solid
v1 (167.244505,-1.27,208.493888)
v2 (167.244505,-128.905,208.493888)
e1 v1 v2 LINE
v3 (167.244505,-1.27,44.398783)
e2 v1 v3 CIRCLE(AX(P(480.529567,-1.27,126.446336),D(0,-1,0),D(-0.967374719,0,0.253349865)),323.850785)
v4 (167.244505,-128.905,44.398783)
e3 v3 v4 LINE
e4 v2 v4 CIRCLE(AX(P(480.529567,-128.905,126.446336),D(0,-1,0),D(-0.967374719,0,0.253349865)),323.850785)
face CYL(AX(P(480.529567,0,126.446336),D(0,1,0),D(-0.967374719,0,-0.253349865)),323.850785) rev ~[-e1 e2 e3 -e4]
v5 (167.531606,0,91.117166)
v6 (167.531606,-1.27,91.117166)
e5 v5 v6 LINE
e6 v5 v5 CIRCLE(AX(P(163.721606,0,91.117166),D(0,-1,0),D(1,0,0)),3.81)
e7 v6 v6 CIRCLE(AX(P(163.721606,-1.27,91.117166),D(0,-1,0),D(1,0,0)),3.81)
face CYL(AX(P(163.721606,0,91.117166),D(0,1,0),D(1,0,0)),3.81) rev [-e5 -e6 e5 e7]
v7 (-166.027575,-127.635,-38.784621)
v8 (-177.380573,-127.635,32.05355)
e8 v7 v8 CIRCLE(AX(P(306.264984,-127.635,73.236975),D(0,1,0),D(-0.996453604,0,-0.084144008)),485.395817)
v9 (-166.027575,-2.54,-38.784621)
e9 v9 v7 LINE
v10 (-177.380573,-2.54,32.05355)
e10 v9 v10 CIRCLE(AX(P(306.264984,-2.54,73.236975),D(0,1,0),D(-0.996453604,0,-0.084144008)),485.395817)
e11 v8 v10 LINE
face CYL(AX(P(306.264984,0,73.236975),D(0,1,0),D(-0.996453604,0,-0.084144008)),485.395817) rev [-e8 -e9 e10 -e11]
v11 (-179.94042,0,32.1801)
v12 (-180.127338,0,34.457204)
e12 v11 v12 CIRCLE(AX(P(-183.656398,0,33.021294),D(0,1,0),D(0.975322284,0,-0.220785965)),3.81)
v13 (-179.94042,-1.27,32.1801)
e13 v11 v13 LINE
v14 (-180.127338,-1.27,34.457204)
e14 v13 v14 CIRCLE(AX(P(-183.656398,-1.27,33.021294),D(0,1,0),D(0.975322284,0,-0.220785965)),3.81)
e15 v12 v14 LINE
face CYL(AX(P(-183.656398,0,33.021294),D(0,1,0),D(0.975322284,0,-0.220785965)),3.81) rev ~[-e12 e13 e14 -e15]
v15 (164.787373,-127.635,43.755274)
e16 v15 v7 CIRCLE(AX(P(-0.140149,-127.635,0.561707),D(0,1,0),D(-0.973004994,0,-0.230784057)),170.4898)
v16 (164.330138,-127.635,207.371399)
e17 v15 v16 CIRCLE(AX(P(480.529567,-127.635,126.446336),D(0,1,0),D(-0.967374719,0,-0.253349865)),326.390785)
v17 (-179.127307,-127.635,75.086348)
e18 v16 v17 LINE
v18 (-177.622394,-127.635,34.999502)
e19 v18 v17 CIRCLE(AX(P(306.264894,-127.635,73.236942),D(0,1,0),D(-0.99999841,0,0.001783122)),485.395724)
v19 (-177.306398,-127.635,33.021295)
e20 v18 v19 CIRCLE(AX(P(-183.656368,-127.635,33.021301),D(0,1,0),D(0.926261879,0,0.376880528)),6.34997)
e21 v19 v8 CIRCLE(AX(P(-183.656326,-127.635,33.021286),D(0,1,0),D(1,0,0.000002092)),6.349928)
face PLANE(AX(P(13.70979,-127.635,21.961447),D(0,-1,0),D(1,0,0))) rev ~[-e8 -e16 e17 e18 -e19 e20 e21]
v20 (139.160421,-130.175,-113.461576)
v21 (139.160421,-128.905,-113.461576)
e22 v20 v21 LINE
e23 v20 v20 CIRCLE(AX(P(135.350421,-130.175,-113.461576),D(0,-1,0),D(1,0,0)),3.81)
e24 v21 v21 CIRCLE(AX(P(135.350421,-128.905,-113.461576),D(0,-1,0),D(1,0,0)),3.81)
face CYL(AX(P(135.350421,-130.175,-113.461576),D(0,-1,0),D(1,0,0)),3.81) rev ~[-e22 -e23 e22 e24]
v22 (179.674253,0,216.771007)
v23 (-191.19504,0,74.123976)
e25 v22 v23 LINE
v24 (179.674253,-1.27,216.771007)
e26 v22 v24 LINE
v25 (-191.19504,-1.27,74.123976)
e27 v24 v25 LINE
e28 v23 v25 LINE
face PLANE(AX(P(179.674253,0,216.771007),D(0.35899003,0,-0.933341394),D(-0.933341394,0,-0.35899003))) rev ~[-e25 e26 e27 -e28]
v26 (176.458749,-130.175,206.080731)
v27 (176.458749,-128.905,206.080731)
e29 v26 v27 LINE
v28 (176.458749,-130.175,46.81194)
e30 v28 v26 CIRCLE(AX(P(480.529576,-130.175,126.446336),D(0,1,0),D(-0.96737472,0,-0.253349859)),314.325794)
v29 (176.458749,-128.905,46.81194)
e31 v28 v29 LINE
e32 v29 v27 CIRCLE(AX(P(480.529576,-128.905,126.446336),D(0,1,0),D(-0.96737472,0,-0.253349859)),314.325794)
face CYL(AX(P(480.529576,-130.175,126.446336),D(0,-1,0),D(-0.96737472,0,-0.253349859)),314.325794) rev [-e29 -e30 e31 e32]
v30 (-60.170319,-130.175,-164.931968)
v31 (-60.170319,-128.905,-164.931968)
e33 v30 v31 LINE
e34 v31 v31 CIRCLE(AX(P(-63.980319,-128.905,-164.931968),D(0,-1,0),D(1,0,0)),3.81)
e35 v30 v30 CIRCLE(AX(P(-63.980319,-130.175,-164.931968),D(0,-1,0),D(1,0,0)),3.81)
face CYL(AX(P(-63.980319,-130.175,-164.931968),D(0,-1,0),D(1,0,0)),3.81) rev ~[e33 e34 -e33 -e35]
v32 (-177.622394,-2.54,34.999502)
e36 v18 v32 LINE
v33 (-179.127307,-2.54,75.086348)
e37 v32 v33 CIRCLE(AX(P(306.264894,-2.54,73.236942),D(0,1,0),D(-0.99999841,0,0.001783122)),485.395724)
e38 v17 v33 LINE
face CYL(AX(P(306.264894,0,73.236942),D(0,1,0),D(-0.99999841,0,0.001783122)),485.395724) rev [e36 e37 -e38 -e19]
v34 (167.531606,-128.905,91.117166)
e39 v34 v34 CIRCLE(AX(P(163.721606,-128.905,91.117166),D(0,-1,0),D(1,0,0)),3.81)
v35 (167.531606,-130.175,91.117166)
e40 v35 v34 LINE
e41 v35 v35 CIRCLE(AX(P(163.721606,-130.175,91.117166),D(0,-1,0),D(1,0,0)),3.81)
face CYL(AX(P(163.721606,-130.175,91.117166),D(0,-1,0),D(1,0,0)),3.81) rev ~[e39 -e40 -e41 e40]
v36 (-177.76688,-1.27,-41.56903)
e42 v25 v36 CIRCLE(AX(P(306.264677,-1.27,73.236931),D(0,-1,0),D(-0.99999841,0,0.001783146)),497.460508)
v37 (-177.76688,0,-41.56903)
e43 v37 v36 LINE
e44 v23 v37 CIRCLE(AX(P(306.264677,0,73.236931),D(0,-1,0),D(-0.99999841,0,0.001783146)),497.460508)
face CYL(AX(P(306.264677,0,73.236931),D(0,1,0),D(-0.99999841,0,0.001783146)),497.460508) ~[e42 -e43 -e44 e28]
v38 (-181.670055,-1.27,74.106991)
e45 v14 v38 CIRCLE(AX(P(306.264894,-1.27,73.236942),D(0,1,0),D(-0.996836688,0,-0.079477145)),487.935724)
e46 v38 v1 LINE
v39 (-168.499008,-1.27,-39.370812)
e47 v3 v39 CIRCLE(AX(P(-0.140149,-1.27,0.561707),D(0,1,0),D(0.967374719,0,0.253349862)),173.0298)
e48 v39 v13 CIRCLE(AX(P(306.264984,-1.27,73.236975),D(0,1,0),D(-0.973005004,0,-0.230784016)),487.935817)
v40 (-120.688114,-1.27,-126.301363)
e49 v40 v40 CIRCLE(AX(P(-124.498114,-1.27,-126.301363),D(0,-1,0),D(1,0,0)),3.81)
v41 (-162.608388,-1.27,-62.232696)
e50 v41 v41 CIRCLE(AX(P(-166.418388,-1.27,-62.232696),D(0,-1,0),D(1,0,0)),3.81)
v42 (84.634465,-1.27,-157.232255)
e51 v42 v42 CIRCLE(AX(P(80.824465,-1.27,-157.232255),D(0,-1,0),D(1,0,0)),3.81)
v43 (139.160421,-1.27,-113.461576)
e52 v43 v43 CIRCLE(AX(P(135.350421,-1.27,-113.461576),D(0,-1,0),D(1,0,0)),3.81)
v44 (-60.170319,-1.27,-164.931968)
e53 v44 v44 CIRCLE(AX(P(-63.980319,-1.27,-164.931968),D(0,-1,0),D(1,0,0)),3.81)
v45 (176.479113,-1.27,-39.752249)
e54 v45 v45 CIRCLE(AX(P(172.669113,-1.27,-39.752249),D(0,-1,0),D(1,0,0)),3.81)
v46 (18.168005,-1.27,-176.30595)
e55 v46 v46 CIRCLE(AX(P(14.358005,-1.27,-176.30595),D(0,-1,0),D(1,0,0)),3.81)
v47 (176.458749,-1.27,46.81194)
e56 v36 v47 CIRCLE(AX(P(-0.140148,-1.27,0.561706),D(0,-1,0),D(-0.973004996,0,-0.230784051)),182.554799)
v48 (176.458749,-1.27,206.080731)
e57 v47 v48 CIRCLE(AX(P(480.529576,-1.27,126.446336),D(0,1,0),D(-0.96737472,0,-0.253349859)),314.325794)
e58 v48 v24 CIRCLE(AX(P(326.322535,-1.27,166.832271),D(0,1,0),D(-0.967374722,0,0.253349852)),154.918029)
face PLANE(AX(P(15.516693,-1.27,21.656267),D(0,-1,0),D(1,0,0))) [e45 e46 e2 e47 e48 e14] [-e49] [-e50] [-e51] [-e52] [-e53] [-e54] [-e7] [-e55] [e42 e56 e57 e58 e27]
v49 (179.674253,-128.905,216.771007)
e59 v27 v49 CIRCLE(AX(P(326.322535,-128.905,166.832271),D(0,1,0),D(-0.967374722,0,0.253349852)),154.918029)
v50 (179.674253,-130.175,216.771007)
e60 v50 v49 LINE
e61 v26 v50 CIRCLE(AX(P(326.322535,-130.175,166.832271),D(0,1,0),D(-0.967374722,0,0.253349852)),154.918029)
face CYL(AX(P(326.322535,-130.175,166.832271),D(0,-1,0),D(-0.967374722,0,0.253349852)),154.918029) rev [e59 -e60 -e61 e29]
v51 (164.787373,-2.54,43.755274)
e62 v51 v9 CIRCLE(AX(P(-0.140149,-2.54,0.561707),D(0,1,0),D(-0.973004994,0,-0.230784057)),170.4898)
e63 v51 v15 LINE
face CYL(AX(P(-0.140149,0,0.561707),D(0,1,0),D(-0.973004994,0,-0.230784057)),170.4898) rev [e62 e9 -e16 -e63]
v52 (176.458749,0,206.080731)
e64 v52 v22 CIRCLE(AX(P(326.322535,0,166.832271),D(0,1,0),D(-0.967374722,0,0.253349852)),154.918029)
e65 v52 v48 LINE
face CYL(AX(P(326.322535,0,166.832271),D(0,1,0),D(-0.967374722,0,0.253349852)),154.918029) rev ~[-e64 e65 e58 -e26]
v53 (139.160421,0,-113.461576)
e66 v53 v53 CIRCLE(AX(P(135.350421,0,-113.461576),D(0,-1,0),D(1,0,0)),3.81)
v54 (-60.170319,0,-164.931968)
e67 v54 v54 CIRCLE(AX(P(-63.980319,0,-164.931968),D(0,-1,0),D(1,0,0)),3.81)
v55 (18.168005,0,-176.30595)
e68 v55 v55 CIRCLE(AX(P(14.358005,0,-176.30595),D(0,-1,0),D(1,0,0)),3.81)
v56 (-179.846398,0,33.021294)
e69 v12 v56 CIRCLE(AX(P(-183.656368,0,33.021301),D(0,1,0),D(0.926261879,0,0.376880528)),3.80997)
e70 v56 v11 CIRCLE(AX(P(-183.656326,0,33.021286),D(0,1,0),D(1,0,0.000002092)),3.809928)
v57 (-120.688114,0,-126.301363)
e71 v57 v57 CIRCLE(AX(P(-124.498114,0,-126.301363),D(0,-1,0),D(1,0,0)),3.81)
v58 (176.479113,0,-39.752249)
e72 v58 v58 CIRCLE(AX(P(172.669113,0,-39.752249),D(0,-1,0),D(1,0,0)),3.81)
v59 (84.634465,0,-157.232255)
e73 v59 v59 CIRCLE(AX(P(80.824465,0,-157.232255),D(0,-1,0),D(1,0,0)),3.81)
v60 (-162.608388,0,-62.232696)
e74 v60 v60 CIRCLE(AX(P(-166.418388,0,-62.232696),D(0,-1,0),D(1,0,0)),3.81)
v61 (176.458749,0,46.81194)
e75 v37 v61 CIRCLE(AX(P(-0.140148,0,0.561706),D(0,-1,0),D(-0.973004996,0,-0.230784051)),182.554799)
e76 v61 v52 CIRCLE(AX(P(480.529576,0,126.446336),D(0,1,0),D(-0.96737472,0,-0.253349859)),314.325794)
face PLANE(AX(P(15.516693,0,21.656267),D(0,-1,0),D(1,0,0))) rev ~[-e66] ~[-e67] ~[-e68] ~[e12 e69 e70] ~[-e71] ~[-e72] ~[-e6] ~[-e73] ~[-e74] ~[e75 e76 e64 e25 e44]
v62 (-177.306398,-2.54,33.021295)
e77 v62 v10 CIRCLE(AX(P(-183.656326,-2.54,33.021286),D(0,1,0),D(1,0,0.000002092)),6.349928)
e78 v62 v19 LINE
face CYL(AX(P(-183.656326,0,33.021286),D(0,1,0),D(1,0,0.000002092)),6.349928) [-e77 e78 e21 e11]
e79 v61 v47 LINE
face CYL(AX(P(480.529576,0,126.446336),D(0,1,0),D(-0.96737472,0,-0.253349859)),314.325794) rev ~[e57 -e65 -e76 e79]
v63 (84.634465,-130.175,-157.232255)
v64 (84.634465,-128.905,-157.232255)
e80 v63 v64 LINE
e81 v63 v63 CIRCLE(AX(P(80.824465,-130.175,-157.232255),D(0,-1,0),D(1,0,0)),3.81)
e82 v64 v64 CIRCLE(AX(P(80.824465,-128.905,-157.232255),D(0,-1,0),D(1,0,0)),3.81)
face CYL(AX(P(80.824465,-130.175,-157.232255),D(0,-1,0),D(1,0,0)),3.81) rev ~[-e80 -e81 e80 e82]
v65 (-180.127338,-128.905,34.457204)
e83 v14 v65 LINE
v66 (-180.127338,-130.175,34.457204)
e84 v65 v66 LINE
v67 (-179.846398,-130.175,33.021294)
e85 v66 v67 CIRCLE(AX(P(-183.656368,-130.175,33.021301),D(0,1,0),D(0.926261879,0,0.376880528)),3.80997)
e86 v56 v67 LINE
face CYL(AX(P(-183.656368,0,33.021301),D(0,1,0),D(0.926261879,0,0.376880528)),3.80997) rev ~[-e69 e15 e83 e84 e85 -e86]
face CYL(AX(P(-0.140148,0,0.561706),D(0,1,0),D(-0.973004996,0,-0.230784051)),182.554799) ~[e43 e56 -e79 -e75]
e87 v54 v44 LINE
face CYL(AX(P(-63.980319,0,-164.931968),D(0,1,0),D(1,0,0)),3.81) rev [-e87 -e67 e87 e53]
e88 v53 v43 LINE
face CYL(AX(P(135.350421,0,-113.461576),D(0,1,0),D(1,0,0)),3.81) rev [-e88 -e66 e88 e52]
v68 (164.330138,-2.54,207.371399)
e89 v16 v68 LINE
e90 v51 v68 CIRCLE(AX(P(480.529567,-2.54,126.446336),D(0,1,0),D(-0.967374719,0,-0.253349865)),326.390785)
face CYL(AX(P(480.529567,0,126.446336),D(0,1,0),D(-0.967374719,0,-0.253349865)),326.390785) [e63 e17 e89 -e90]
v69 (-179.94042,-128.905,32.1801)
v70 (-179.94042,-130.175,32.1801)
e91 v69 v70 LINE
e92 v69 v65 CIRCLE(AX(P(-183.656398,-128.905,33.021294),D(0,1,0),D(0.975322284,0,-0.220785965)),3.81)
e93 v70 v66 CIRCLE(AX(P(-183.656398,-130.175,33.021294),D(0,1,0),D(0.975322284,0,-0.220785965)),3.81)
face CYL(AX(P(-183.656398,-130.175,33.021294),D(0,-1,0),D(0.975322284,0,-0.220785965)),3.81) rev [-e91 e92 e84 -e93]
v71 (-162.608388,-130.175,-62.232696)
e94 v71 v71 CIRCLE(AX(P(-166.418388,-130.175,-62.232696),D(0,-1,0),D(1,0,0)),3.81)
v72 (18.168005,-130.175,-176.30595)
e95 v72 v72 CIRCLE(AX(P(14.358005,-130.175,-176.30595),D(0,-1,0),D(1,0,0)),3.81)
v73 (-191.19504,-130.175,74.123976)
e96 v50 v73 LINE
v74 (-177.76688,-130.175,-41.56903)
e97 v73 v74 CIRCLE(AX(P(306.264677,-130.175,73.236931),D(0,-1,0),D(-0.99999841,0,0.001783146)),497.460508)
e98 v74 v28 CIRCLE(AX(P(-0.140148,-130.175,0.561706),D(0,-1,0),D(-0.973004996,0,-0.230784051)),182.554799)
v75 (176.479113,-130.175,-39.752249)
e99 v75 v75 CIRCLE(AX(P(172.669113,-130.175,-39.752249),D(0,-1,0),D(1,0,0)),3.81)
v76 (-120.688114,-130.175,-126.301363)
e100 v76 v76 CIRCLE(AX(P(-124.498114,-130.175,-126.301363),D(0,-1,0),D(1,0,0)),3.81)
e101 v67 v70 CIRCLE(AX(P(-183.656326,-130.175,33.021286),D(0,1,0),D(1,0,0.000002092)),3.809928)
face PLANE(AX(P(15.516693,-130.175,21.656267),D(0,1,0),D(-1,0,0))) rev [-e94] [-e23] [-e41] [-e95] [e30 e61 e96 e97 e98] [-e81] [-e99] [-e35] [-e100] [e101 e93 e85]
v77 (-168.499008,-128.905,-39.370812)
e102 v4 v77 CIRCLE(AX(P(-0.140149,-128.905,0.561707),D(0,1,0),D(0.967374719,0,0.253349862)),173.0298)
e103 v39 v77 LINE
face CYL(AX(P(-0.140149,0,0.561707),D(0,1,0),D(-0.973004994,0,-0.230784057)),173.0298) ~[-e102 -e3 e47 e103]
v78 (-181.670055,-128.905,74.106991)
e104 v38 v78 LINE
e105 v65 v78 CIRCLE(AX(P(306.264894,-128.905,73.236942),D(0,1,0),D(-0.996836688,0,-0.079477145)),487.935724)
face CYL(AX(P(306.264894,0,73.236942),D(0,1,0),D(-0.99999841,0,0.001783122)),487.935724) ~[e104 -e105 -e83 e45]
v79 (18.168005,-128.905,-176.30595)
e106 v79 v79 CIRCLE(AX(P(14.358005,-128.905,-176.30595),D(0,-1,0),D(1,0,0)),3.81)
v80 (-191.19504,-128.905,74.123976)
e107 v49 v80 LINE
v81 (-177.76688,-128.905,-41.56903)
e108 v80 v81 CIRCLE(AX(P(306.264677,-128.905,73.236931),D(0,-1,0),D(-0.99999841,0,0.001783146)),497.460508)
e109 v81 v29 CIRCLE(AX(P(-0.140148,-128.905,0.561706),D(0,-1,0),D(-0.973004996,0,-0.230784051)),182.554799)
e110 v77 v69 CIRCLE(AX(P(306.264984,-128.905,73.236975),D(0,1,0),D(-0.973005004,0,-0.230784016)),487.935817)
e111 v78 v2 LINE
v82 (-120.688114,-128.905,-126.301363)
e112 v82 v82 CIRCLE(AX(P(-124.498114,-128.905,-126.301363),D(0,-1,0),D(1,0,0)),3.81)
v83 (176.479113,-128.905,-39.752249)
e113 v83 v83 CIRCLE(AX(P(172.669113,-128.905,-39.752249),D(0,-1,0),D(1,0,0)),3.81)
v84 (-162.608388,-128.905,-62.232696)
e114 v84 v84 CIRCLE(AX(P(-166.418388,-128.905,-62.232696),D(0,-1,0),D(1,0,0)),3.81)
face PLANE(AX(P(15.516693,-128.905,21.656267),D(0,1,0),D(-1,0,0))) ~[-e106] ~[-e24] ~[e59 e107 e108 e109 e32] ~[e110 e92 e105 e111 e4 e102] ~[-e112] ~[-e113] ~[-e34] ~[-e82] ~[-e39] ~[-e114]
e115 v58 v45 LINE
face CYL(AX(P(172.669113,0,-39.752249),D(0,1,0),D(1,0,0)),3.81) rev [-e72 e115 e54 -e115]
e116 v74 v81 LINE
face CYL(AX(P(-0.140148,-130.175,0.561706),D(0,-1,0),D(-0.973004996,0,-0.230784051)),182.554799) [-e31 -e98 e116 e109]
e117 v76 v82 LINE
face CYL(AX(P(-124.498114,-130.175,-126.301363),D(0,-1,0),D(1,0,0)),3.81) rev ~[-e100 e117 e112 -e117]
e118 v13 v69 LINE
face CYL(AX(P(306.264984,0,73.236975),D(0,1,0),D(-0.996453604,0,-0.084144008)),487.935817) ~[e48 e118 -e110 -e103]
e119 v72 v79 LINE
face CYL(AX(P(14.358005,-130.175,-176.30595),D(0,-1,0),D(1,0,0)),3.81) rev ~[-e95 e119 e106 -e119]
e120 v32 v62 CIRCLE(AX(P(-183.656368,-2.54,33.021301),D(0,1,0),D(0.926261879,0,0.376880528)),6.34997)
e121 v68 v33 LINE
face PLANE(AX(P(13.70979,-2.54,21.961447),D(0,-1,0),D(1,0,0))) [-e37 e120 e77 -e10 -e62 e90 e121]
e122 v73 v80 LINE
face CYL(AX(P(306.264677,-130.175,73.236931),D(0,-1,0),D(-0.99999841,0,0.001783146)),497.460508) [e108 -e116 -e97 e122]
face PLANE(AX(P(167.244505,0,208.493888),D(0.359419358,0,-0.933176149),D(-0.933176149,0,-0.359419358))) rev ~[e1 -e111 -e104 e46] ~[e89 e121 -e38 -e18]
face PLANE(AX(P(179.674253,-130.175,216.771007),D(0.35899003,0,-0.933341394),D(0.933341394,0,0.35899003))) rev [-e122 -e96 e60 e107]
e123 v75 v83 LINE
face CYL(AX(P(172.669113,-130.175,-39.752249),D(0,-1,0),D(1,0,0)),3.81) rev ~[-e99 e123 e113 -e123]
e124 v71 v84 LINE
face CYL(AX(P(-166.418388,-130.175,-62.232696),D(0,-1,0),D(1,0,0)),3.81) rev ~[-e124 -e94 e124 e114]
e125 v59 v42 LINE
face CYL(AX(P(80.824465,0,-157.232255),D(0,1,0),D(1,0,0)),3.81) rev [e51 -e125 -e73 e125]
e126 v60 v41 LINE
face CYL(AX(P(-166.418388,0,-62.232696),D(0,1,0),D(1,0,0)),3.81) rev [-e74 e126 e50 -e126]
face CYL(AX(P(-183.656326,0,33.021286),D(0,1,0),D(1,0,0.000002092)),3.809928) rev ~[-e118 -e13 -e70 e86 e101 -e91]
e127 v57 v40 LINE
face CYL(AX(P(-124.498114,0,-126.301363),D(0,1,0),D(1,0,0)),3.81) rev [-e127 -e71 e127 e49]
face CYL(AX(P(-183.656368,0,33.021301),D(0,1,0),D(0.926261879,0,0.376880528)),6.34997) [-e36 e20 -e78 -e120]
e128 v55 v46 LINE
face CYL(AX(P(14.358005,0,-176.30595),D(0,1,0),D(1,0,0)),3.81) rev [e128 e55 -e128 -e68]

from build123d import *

# Parameters (mm, degrees)
F1_DEPTH = 130.175
F2_T     = -2.54
F0_R     = 3.81
F3_DEPTH = 1.27


with BuildPart() as f1:
    # F0 (on Front) → F1 (new body)
    with BuildSketch(Plane.XZ):
        with BuildLine():
            ThreePointArc((-179.94042, 32.1801), (-175.54974, -3.808035), (-168.499008, -39.370812))
            ThreePointArc((-168.499008, -39.370812), (41.747481, -167.321401), (167.244505, 44.398783))
            ThreePointArc((167.244505, 44.398783), (156.678782, 126.446336), (167.244505, 208.493888))
            Line((167.244505, 208.493888), (-181.670055, 74.106991))
            ThreePointArc((-181.670055, 74.106991), (-181.301912, 54.266409), (-180.127338, 34.457204))
            ThreePointArc((-180.127338, 34.457204), (-179.917292, 33.752862), (-179.846398, 33.021294))
            ThreePointArc((-179.846398, 33.021294), (-179.869976, 32.598078), (-179.94042, 32.1801))
        make_face()
    extrude(amount=F1_DEPTH)

    # F2
    f2_openings = [f1.faces().sort_by_distance(p)[0] for p in [
        (-7.212775, -65.0875, 141.30044),
    ]]
    offset(amount=F2_T, openings=f2_openings)

    # F0 (on Front) → F3 (join)
    with BuildSketch(Plane.XZ):
        with BuildLine():
            ThreePointArc((-191.19504, 74.123976), (-187.878519, 15.883128), (-177.76688, -41.56903))
            ThreePointArc((-177.76688, -41.56903), (44.053325, -176.563085), (176.458749, 46.81194))
            ThreePointArc((176.458749, 46.81194), (166.203782, 126.446336), (176.458749, 206.080731))
            ThreePointArc((176.458749, 206.080731), (177.970177, 211.454842), (179.674253, 216.771007))
            Line((179.674253, 216.771007), (-191.19504, 74.123976))
        make_face()
        with Locations((-124.498114, -126.301363)):
            Circle(F0_R, mode=Mode.SUBTRACT)
        with Locations((-63.980319, -164.931968)):
            Circle(F0_R, mode=Mode.SUBTRACT)
        with Locations((-166.418388, -62.232696)):
            Circle(F0_R, mode=Mode.SUBTRACT)
        with Locations((14.358005, -176.30595)):
            Circle(F0_R, mode=Mode.SUBTRACT)
        with Locations((80.824465, -157.232255)):
            Circle(F0_R, mode=Mode.SUBTRACT)
        with Locations((135.350421, -113.461576)):
            Circle(F0_R, mode=Mode.SUBTRACT)
        with Locations((172.669113, -39.752249)):
            Circle(F0_R, mode=Mode.SUBTRACT)
        with BuildLine():
            ThreePointArc((167.244505, 44.398783), (41.747481, -167.321401), (-168.499008, -39.370812))
            ThreePointArc((-168.499008, -39.370812), (-175.54974, -3.808035), (-179.94042, 32.1801))
            ThreePointArc((-179.94042, 32.1801), (-187.453626, 32.709595), (-180.127338, 34.457204))
            ThreePointArc((-180.127338, 34.457204), (-181.301912, 54.266409), (-181.670055, 74.106991))
            Line((-181.670055, 74.106991), (167.244505, 208.493888))
            ThreePointArc((167.244505, 208.493888), (156.678782, 126.446336), (167.244505, 44.398783))
        make_face(mode=Mode.SUBTRACT)
        with Locations((163.721606, 91.117166)):
            Circle(F0_R, mode=Mode.SUBTRACT)
    extrude(amount=F3_DEPTH)

    # F5: F1 across plane


with BuildPart() as f1_1:
    add(f1.part)
    add(f1.part.mirror(Plane.XZ.offset(65.0875)))


solid = f1_1.part
